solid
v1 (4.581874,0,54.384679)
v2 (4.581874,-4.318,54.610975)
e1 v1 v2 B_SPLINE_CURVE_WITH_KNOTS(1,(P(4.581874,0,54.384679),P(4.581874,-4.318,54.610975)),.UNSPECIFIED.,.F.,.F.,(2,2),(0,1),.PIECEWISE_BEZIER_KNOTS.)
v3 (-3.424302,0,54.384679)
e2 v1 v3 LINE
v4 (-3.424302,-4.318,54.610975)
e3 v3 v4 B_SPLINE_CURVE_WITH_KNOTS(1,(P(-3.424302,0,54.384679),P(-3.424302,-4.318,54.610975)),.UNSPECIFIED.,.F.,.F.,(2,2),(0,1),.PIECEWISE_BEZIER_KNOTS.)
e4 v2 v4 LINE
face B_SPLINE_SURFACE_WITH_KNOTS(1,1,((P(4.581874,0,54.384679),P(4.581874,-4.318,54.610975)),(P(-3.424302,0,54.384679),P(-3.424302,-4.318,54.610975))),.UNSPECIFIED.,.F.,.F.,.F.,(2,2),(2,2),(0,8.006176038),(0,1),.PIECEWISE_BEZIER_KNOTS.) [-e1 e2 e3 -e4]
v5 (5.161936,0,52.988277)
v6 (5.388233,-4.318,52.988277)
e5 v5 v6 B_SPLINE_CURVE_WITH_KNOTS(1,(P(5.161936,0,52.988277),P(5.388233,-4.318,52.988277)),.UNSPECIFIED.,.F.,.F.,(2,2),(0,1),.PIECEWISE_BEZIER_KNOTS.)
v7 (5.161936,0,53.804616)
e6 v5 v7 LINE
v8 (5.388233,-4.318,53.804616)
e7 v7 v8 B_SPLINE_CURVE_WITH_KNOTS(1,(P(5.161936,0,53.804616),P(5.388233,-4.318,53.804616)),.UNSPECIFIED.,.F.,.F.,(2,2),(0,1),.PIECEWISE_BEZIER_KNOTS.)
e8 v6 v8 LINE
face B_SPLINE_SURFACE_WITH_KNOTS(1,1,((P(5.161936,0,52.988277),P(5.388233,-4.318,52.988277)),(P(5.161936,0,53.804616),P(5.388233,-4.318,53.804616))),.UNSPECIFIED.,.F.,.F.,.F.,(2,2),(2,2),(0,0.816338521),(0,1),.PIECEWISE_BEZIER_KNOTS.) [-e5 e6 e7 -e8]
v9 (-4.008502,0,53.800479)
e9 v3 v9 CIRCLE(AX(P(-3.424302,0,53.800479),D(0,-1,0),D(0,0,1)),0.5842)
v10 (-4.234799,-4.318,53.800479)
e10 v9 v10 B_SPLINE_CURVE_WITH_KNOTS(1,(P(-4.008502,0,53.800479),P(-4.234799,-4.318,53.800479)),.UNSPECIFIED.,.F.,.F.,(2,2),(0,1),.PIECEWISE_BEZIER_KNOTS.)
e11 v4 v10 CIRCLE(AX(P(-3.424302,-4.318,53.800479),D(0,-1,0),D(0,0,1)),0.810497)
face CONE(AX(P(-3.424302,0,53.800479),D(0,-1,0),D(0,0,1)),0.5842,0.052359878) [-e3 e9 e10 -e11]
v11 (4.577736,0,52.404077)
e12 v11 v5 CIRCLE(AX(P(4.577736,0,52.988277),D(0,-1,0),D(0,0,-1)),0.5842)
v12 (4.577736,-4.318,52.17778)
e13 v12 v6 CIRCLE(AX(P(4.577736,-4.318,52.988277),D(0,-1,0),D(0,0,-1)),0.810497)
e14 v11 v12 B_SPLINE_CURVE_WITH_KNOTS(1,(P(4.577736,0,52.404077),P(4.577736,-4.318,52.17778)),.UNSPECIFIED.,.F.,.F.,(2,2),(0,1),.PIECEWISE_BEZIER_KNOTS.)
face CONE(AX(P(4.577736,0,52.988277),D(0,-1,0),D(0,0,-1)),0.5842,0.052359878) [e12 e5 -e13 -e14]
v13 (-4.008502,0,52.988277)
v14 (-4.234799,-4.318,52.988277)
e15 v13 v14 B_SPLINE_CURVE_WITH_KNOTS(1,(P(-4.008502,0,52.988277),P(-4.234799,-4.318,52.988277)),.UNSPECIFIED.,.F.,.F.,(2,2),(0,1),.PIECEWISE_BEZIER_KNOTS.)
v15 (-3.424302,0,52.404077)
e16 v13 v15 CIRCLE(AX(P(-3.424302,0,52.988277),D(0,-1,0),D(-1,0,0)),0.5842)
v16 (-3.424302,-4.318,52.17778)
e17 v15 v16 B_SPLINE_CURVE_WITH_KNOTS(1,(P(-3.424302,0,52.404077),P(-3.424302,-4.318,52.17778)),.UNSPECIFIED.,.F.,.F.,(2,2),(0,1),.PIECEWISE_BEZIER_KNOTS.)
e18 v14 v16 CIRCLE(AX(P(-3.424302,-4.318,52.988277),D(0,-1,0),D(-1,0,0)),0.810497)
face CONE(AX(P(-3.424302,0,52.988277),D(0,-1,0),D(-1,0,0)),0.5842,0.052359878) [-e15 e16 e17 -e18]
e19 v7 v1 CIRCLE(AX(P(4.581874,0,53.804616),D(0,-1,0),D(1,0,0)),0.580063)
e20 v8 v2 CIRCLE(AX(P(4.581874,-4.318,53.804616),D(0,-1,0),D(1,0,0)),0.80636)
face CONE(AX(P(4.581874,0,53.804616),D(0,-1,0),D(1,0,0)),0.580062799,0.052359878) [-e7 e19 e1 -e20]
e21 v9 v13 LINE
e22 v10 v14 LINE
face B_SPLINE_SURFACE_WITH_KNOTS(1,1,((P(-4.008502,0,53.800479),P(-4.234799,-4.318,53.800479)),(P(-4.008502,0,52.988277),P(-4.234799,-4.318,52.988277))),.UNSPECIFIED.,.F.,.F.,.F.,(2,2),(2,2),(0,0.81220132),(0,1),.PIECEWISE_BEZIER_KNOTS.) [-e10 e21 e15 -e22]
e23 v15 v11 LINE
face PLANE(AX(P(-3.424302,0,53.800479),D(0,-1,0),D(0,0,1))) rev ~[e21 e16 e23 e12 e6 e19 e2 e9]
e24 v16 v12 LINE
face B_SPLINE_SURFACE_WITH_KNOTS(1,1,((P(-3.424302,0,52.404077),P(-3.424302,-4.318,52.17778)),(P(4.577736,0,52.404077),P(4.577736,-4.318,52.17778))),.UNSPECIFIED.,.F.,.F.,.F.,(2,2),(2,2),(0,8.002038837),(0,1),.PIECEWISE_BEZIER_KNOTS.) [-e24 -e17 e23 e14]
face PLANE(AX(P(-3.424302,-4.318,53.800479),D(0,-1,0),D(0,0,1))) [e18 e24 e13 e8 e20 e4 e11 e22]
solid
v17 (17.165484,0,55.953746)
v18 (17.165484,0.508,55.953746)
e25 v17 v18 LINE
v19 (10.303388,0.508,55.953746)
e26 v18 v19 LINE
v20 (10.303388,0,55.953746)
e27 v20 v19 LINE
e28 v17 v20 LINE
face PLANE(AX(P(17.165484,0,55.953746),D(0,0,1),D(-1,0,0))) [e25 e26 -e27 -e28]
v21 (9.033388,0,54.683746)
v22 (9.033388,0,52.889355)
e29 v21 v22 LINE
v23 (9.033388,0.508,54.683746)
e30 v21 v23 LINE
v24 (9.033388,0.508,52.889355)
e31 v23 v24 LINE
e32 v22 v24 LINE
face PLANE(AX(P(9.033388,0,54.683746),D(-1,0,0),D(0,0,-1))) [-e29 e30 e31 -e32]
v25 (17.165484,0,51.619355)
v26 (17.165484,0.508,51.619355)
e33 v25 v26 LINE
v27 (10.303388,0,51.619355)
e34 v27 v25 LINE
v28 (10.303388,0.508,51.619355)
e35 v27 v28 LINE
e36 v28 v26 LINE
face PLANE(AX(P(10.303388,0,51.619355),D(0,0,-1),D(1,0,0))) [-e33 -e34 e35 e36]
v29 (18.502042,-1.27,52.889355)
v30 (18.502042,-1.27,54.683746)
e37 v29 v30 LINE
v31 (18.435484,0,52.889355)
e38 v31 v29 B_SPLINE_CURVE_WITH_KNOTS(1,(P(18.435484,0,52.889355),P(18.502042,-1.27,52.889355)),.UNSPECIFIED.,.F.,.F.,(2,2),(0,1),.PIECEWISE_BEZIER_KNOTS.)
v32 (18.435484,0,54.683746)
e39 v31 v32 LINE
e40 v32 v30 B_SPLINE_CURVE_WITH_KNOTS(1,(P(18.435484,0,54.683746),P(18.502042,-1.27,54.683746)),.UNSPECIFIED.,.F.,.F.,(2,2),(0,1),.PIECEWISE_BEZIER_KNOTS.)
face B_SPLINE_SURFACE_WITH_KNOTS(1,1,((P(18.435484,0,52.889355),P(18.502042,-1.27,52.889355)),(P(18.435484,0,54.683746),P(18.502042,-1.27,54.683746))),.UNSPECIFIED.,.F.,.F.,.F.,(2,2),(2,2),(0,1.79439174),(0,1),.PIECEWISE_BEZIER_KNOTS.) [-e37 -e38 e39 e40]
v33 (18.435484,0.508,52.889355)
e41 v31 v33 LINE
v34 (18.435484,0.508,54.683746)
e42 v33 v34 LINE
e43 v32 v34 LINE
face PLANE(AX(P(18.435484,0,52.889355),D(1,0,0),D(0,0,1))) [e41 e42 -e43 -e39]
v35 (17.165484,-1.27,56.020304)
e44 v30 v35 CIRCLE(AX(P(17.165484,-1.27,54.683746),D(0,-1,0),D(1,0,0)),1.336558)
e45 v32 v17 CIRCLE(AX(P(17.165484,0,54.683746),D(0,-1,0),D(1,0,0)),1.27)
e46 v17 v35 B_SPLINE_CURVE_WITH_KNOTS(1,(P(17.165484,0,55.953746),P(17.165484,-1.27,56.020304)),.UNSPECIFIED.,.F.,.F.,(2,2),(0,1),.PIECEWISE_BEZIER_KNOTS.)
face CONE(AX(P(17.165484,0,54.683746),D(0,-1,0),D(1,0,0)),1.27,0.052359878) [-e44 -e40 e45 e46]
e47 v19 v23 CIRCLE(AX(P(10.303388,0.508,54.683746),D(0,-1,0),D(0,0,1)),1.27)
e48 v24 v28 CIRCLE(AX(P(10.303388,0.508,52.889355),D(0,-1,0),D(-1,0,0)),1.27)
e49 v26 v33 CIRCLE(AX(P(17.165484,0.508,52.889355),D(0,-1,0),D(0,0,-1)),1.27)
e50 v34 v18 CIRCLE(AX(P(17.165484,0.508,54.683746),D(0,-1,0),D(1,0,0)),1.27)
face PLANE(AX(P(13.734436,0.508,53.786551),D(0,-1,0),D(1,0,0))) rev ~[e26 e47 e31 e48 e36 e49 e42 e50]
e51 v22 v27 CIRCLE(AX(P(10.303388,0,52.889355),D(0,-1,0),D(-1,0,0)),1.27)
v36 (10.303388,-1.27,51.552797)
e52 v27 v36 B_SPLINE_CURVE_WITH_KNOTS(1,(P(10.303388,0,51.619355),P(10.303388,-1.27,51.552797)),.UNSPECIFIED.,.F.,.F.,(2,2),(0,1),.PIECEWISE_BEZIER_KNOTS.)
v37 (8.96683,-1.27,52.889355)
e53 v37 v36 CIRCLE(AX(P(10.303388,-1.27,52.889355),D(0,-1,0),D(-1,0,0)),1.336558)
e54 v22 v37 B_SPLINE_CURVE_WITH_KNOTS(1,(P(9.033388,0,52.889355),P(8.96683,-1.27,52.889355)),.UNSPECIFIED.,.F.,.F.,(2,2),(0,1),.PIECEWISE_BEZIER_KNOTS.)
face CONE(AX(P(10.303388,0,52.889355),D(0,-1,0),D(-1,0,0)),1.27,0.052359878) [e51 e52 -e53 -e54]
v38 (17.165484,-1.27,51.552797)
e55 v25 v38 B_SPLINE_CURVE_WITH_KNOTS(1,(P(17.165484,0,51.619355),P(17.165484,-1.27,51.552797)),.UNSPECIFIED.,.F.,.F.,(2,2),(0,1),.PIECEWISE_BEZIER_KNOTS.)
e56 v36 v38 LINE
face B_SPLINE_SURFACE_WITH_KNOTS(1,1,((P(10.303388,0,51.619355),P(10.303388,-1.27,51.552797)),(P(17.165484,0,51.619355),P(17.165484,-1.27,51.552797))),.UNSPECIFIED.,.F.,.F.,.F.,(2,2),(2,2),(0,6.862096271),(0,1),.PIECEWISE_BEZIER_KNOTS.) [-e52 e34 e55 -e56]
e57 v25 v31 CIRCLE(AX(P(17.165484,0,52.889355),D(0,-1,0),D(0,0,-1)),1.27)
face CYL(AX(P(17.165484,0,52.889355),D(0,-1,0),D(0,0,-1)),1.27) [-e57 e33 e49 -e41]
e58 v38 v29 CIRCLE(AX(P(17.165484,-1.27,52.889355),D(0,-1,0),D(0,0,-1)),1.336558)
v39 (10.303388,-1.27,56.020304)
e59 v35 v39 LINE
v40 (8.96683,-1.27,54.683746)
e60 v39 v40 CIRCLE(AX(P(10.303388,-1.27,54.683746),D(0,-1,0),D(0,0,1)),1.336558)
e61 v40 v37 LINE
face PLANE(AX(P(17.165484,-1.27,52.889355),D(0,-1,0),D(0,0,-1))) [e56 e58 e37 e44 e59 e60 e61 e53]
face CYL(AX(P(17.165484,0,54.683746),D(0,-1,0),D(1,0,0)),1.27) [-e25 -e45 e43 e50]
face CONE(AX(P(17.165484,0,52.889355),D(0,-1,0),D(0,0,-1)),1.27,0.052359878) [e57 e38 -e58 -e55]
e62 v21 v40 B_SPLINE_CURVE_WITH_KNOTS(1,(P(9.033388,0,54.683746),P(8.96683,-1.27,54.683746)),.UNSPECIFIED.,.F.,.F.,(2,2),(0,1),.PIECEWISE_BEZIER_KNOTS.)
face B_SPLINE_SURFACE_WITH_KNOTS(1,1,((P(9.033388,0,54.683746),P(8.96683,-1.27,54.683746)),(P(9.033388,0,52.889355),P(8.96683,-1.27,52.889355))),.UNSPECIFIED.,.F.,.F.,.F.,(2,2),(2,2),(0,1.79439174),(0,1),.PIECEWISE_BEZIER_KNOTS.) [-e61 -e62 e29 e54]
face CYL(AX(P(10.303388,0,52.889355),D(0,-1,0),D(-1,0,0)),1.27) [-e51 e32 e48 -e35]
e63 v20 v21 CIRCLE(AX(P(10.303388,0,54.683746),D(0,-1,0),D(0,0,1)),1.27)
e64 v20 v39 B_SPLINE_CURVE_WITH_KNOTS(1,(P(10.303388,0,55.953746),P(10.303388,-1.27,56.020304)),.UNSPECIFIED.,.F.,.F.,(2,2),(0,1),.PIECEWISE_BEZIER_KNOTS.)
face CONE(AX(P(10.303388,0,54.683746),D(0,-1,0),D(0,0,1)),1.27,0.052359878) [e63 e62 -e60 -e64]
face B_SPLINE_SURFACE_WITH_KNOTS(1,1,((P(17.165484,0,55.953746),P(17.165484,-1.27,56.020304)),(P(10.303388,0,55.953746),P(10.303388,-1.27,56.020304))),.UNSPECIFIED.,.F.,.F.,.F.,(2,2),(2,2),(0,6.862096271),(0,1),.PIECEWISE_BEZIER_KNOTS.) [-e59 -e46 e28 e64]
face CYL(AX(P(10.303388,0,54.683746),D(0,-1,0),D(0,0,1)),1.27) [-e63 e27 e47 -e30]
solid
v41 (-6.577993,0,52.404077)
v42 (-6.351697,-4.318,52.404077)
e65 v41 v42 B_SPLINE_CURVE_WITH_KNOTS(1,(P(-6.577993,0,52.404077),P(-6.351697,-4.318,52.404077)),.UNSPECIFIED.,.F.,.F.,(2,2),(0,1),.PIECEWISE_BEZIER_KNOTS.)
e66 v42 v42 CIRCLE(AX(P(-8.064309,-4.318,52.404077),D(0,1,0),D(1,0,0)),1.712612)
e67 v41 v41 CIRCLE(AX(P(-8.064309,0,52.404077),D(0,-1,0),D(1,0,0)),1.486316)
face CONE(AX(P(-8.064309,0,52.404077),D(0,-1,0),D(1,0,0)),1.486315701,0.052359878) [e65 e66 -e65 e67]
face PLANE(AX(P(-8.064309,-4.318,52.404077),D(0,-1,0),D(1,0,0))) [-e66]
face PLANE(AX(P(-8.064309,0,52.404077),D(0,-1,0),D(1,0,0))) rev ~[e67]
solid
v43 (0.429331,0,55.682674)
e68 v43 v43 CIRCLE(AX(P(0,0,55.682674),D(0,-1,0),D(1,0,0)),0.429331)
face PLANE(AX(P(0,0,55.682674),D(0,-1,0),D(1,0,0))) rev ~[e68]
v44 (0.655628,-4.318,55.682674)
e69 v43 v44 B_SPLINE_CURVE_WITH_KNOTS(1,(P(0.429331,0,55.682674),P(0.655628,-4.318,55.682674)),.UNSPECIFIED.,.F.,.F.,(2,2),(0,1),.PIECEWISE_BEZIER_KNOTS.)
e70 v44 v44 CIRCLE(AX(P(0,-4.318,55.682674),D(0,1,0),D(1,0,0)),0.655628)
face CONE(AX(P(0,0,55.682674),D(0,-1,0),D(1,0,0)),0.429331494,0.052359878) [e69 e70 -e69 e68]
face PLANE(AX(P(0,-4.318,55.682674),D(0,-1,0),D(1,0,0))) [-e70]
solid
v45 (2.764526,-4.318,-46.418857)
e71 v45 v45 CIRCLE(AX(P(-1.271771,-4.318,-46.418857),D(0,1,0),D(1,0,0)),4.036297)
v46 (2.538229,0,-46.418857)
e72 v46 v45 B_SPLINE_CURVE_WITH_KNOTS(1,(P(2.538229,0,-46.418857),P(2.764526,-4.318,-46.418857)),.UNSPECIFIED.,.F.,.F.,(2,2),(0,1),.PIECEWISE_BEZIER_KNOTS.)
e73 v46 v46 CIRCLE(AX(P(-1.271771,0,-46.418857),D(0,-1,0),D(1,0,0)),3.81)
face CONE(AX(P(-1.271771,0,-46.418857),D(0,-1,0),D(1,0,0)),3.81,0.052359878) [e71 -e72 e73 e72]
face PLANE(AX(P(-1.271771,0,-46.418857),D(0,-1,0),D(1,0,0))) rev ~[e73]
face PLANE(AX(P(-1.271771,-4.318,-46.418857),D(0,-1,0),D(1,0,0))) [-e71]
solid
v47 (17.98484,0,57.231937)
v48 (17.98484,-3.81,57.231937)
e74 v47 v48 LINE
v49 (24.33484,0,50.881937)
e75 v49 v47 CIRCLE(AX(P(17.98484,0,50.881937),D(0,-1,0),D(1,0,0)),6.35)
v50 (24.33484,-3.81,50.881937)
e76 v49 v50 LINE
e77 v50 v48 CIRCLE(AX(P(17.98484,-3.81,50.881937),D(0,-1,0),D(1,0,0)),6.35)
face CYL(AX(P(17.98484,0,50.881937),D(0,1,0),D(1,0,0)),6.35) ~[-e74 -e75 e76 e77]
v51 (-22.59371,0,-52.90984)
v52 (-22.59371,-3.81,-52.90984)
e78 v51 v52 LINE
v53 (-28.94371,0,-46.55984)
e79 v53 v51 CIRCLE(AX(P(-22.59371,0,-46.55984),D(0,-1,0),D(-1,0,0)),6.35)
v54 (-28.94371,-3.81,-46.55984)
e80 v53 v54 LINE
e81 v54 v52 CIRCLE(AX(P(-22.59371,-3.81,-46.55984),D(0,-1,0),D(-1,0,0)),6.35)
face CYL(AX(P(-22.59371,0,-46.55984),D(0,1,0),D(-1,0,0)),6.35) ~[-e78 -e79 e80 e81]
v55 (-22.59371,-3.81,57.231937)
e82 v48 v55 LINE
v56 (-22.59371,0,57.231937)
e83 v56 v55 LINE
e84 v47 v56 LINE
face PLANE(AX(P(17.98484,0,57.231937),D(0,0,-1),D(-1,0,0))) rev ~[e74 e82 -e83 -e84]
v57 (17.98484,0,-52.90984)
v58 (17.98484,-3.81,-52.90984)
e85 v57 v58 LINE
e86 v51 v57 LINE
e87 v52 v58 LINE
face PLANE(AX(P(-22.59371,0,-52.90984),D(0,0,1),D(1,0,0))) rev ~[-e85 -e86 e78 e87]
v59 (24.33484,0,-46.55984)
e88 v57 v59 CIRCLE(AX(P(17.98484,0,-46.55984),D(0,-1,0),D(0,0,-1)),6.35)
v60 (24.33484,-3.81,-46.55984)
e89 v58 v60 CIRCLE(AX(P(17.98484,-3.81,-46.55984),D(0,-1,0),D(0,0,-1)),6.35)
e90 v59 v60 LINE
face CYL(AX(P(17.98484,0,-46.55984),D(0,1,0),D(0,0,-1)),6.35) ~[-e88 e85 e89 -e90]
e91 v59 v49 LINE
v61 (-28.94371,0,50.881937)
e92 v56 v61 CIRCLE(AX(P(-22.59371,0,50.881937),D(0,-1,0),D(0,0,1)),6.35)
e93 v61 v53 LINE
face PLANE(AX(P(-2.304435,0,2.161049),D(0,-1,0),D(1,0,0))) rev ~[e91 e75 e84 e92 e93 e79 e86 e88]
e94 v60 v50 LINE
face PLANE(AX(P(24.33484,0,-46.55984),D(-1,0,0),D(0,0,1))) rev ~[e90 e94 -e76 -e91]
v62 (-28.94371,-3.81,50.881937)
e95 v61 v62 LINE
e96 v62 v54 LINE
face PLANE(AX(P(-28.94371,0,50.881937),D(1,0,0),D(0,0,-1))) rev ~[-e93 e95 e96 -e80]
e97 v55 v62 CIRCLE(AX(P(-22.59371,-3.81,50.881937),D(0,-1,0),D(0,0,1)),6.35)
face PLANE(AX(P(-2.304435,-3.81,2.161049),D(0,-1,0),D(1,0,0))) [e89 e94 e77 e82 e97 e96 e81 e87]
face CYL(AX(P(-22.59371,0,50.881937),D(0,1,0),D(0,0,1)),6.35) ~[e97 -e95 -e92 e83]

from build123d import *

# Parameters (mm, degrees)
F1_DEPTH      = 3.81
F2_R          = 1.4863157011
F3_DEPTH      = 4.318
F3_TAPER      = -3
F2_R_2        = 0.429331494
F2_R_3        = 3.81
F5_DEPTH      = 1.27
F5_TAPER      = -3
F5_DEPTH_BACK = 0.508


with BuildPart() as f1:
    # F0 (on Front) → F1 (new body)
    with BuildSketch(Plane.XZ):
        with BuildLine():
            Line((13.9290312469, 57.2319371462), (-22.5937100291, 57.2319371462))
            ThreePointArc((-22.5937100291, 57.2319371462), (-27.0838380897, 55.3720652067), (-28.9437100291, 50.8819371462))
            Line((-28.9437100291, 50.8819371462), (-28.9437100291, -46.5598398983))
            ThreePointArc((-28.9437100291, -46.5598398983), (-27.0838380897, -51.0499679589), (-22.5937100291, -52.9098398983))
            Line((-22.5937100291, -52.9098398983), (17.9848404765, -52.9098398983))
            ThreePointArc((17.9848404765, -52.9098398983), (22.474968537, -51.0499679589), (24.3348404765, -46.5598398983))
            Line((24.3348404765, -46.5598398983), (24.3348404765, 50.8819371462))
            ThreePointArc((24.3348404765, 50.8819371462), (22.474968537, 55.3720652067), (17.9848404765, 57.2319371462))
            Line((17.9848404765, 57.2319371462), (16.8787086546, 57.2319371462))
            Line((16.8787086546, 57.2319371462), (13.9290312469, 57.2319371462))
        make_face()
    extrude(amount=F1_DEPTH)


with BuildPart() as f3:
    # F2 (on Front) → F3 (new body)
    with BuildSketch(Plane.XZ):
        with Locations((-8.0643091105, 52.4040772826)):
            Circle(F2_R)
    extrude(amount=F3_DEPTH, taper=F3_TAPER)


with BuildPart() as f3b:
    # F2 (on Front) → F3, piece 2 (new body)
    with BuildSketch(Plane.XZ):
        with BuildLine():
            Line((4.5818735962, 54.3846786022), (-3.424302442, 54.3846786022))
            ThreePointArc((-3.424302442, 54.3846786022), (-3.8373942236, 54.2135703838), (-4.008502442, 53.8004786022))
            Line((-4.008502442, 53.8004786022), (-4.008502442, 52.9882772826))
            ThreePointArc((-4.008502442, 52.9882772826), (-3.8373942236, 52.575185501), (-3.424302442, 52.4040772826))
            Line((-3.424302442, 52.4040772826), (4.5777363949, 52.4040772826))
            ThreePointArc((4.5777363949, 52.4040772826), (4.9908281764, 52.575185501), (5.1619363949, 52.9882772826))
            Line((5.1619363949, 52.9882772826), (5.1619363949, 53.8046158035))
            ThreePointArc((5.1619363949, 53.8046158035), (4.9920399346, 54.214782142), (4.5818735962, 54.3846786022))
        make_face()
    extrude(amount=F3_DEPTH, taper=F3_TAPER)


with BuildPart() as f3c:
    # F2 (on Front) → F3, piece 3 (new body)
    with BuildSketch(Plane.XZ):
        with Locations((0, 55.6826740503)):
            Circle(F2_R_2)
    extrude(amount=F3_DEPTH, taper=F3_TAPER)


with BuildPart() as f3d:
    # F2 (on Front) → F3, piece 4 (new body)
    with BuildSketch(Plane.XZ):
        with Locations((-1.2717708014, -46.4188568294)):
            Circle(F2_R_3)
    extrude(amount=F3_DEPTH, taper=F3_TAPER)


with BuildPart() as f5:
    # F4 (on Front) → F5 (new body, two sides)
    with BuildSketch(Plane.XZ) as f5_sk:
        with BuildLine():
            Line((10.3033875269, 51.6193546355), (17.1654837984, 51.6193546355))
            ThreePointArc((17.1654837984, 51.6193546355), (18.0635094105, 51.9913290234), (18.4354837984, 52.8893546355))
            Line((18.4354837984, 52.8893546355), (18.4354837984, 54.6837463758))
            ThreePointArc((18.4354837984, 54.6837463758), (18.0635094105, 55.5817719879), (17.1654837984, 55.9537463758))
            Line((17.1654837984, 55.9537463758), (10.3033875269, 55.9537463758))
            ThreePointArc((10.3033875269, 55.9537463758), (9.4053619148, 55.5817719879), (9.0333875269, 54.6837463758))
            Line((9.0333875269, 54.6837463758), (9.0333875269, 52.8893546355))
            ThreePointArc((9.0333875269, 52.8893546355), (9.4053619148, 51.9913290234), (10.3033875269, 51.6193546355))
        make_face()
    extrude(amount=F5_DEPTH, taper=F5_TAPER)
    extrude(f5_sk.sketch, amount=-F5_DEPTH_BACK)


solid = Compound([f1.part, f3.part, f3b.part, f3c.part, f3d.part, f5.part])
